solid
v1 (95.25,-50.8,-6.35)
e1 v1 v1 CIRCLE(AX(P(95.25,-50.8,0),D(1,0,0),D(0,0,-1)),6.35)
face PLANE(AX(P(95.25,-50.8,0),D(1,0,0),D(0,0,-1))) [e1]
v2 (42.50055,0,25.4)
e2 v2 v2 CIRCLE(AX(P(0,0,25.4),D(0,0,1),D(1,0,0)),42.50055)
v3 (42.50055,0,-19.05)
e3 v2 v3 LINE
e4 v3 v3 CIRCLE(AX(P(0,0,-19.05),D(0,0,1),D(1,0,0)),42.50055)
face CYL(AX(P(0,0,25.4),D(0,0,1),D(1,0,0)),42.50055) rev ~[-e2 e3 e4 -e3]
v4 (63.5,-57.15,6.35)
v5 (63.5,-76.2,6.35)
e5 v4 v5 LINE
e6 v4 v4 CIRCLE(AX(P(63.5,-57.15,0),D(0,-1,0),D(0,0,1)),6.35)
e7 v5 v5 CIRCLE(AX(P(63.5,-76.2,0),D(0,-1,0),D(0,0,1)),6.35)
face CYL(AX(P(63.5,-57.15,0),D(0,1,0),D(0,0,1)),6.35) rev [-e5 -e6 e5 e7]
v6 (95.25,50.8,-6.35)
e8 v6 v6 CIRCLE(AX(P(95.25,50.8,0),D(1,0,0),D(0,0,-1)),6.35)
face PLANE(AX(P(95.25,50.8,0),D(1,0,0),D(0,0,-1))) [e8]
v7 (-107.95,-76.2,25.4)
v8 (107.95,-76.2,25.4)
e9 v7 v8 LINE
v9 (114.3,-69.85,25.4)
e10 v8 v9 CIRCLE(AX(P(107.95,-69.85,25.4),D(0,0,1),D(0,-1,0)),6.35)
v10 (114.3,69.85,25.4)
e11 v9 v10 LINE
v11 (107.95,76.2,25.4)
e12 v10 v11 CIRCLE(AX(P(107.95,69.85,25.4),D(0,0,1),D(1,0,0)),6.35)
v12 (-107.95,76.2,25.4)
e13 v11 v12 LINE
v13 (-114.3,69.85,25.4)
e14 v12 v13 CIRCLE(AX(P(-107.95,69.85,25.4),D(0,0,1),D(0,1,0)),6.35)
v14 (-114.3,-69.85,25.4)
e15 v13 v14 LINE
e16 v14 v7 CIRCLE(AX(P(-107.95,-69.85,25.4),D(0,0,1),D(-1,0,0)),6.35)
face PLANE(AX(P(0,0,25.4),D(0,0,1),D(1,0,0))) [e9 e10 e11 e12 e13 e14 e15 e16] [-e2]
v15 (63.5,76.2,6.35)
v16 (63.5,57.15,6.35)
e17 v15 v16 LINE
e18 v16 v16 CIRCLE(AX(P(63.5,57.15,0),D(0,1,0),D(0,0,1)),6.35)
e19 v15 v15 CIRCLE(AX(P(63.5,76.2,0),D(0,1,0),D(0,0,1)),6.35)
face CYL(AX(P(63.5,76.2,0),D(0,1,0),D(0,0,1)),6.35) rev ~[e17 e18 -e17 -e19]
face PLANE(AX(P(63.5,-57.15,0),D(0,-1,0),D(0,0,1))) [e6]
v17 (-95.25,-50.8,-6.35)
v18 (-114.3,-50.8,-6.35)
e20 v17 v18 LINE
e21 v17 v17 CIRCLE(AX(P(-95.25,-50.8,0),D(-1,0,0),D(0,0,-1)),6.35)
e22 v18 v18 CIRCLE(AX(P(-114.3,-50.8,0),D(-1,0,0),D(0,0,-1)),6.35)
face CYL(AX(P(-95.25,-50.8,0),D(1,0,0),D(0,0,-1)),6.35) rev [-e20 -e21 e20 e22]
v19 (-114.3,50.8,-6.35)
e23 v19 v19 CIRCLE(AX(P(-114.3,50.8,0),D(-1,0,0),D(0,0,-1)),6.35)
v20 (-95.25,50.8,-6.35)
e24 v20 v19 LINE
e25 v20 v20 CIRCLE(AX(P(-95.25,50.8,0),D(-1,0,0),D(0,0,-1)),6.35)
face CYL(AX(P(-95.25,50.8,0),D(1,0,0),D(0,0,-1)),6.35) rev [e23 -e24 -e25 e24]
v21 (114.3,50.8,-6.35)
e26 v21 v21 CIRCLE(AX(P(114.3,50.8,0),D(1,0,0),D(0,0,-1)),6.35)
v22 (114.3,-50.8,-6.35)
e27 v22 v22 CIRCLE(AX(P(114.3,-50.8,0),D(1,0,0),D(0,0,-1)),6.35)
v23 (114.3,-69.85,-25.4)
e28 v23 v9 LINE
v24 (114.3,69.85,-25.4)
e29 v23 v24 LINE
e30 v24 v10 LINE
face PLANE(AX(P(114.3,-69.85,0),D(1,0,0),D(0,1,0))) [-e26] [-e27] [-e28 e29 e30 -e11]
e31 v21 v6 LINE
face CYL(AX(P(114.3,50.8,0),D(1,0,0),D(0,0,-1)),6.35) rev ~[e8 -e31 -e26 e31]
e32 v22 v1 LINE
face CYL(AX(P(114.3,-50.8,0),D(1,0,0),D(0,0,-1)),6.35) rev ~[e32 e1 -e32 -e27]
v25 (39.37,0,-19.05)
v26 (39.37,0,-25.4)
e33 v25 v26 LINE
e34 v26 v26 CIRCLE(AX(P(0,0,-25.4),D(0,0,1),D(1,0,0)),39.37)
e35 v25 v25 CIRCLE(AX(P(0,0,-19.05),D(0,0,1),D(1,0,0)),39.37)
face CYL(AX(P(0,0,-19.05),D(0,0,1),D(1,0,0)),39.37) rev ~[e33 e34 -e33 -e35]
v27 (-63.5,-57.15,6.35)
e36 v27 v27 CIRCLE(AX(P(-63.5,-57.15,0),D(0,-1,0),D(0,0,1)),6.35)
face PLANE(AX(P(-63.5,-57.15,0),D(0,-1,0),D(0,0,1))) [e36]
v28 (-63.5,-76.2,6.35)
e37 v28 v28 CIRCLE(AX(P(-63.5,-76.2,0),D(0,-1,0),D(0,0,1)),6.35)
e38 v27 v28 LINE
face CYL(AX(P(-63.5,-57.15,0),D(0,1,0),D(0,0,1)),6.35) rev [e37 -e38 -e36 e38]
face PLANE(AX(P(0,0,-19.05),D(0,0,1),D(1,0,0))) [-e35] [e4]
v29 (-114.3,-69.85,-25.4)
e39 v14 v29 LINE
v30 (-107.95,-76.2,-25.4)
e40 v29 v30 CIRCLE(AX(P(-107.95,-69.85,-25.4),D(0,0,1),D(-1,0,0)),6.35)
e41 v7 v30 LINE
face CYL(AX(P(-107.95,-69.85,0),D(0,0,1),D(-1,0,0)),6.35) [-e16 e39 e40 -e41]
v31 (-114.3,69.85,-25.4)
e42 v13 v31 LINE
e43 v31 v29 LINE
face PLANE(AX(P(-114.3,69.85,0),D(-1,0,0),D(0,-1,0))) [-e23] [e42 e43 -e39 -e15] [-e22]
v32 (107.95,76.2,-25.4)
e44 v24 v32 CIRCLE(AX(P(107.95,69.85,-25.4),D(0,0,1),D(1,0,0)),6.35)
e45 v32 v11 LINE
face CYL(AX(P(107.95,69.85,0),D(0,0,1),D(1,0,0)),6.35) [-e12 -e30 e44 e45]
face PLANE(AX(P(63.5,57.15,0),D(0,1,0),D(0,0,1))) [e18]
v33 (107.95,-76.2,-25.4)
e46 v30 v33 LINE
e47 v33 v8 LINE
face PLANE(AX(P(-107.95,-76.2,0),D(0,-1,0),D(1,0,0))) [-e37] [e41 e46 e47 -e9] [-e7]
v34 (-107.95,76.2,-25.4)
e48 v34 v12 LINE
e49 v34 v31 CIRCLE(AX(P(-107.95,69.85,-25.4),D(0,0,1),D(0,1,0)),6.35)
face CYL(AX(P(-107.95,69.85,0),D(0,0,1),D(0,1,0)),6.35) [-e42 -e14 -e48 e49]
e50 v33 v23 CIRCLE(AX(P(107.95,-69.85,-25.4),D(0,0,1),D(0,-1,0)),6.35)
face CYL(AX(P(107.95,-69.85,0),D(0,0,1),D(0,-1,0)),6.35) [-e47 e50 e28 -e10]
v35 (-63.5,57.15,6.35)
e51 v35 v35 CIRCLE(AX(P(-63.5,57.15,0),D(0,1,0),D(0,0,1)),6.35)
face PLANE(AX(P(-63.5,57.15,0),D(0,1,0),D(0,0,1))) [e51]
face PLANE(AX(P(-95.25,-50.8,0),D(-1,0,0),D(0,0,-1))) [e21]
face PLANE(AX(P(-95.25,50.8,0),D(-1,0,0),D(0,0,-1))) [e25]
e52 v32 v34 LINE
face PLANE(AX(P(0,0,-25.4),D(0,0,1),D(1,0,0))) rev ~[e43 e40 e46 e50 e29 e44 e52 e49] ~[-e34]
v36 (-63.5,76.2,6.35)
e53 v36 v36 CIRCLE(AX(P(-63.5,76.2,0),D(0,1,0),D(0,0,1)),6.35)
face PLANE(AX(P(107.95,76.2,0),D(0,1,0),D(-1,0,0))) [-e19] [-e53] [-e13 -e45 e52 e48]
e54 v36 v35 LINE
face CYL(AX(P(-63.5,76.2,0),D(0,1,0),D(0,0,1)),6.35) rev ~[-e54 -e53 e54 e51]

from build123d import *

# Parameters (mm, degrees)
BOSS_EXTRUDE1_DEPTH = 25.4
SKETCH2_R           = 42.50055
CUT_EXTRUDE1_DEPTH  = 44.45
SKETCH3_R           = 39.37
CUT_EXTRUDE2_DEPTH  = 31.75
SKETCH4_R           = 6.35
CUT_EXTRUDE3_DEPTH  = 19.05
CUT_EXTRUDE4_START  = -19.05
SKETCH5_R           = 6.35
CUT_EXTRUDE4_DEPTH  = 19.05
SKETCH6_R           = 6.35
CUT_EXTRUDE5_DEPTH  = 19.05
CUT_EXTRUDE6_START  = -19.05
SKETCH7_R           = 6.35
CUT_EXTRUDE6_DEPTH  = 19.05


with BuildPart() as part:
    # Sketch1 → Boss-Extrude1 (new, symmetric)
    with BuildSketch(Plane.XY):
        with BuildLine():
            Line((-107.95, -76.2), (107.95, -76.2))
            ThreePointArc((107.95, -76.2), (112.440128061, -74.340128061), (114.3, -69.85))
            Line((114.3, -69.85), (114.3, 69.85))
            ThreePointArc((114.3, 69.85), (112.440128061, 74.340128061), (107.95, 76.2))
            Line((107.95, 76.2), (-107.95, 76.2))
            ThreePointArc((-107.95, 76.2), (-112.440128061, 74.340128061), (-114.3, 69.85))
            Line((-114.3, 69.85), (-114.3, -69.85))
            ThreePointArc((-114.3, -69.85), (-112.440128061, -74.340128061), (-107.95, -76.2))
        make_face()
    extrude(amount=BOSS_EXTRUDE1_DEPTH, both=True)

    # Sketch2 → Cut-Extrude1 (cut)
    with BuildSketch(Plane.XY.offset(25.4)):
        Circle(SKETCH2_R)
    extrude(amount=-CUT_EXTRUDE1_DEPTH, mode=Mode.SUBTRACT)

    # Sketch3 → Cut-Extrude2 (cut)
    with BuildSketch(Plane.XY.offset(-19.05)):
        Circle(SKETCH3_R)
    extrude(amount=-CUT_EXTRUDE2_DEPTH, mode=Mode.SUBTRACT)

    # Sketch4 → Cut-Extrude3 (cut)
    with BuildSketch(Plane(origin=(0, 76.2, 0), x_dir=(1, 0, 0), z_dir=(0, 1, 0))):
        with Locations(Location((-63.5, 0, 0), (0, 0, 270))):
            Circle(SKETCH4_R)
        with Locations(Location((63.5, 0, 0), (0, 0, 270))):
            Circle(SKETCH4_R)
    extrude(amount=-CUT_EXTRUDE3_DEPTH, mode=Mode.SUBTRACT)

    # Sketch5 → Cut-Extrude4 (cut)
    with BuildSketch(Plane.XZ.offset(76.2).offset(CUT_EXTRUDE4_START)):
        with Locations(Location((-63.5, 0, 0), (0, 0, 90))):
            Circle(SKETCH5_R)
        with Locations(Location((63.5, 0, 0), (0, 0, 90))):
            Circle(SKETCH5_R)
    extrude(amount=CUT_EXTRUDE4_DEPTH, mode=Mode.SUBTRACT)

    # Sketch6 → Cut-Extrude5 (cut)
    with BuildSketch(Plane(origin=(114.3, 0, 0), x_dir=(0, 0, -1), z_dir=(1, 0, 0))):
        with Locations((0, 50.8)):
            Circle(SKETCH6_R)
        with Locations((0, -50.8)):
            Circle(SKETCH6_R)
    extrude(amount=-CUT_EXTRUDE5_DEPTH, mode=Mode.SUBTRACT)

    # Sketch7 → Cut-Extrude6 (cut)
    with BuildSketch(Plane.ZY.offset(114.3).offset(CUT_EXTRUDE6_START)):
        with Locations(Location((0, 50.8, 0), (0, 0, 180))):
            Circle(SKETCH7_R)
        with Locations(Location((0, -50.8, 0), (0, 0, 180))):
            Circle(SKETCH7_R)
    extrude(amount=CUT_EXTRUDE6_DEPTH, mode=Mode.SUBTRACT)


solid = part.part
